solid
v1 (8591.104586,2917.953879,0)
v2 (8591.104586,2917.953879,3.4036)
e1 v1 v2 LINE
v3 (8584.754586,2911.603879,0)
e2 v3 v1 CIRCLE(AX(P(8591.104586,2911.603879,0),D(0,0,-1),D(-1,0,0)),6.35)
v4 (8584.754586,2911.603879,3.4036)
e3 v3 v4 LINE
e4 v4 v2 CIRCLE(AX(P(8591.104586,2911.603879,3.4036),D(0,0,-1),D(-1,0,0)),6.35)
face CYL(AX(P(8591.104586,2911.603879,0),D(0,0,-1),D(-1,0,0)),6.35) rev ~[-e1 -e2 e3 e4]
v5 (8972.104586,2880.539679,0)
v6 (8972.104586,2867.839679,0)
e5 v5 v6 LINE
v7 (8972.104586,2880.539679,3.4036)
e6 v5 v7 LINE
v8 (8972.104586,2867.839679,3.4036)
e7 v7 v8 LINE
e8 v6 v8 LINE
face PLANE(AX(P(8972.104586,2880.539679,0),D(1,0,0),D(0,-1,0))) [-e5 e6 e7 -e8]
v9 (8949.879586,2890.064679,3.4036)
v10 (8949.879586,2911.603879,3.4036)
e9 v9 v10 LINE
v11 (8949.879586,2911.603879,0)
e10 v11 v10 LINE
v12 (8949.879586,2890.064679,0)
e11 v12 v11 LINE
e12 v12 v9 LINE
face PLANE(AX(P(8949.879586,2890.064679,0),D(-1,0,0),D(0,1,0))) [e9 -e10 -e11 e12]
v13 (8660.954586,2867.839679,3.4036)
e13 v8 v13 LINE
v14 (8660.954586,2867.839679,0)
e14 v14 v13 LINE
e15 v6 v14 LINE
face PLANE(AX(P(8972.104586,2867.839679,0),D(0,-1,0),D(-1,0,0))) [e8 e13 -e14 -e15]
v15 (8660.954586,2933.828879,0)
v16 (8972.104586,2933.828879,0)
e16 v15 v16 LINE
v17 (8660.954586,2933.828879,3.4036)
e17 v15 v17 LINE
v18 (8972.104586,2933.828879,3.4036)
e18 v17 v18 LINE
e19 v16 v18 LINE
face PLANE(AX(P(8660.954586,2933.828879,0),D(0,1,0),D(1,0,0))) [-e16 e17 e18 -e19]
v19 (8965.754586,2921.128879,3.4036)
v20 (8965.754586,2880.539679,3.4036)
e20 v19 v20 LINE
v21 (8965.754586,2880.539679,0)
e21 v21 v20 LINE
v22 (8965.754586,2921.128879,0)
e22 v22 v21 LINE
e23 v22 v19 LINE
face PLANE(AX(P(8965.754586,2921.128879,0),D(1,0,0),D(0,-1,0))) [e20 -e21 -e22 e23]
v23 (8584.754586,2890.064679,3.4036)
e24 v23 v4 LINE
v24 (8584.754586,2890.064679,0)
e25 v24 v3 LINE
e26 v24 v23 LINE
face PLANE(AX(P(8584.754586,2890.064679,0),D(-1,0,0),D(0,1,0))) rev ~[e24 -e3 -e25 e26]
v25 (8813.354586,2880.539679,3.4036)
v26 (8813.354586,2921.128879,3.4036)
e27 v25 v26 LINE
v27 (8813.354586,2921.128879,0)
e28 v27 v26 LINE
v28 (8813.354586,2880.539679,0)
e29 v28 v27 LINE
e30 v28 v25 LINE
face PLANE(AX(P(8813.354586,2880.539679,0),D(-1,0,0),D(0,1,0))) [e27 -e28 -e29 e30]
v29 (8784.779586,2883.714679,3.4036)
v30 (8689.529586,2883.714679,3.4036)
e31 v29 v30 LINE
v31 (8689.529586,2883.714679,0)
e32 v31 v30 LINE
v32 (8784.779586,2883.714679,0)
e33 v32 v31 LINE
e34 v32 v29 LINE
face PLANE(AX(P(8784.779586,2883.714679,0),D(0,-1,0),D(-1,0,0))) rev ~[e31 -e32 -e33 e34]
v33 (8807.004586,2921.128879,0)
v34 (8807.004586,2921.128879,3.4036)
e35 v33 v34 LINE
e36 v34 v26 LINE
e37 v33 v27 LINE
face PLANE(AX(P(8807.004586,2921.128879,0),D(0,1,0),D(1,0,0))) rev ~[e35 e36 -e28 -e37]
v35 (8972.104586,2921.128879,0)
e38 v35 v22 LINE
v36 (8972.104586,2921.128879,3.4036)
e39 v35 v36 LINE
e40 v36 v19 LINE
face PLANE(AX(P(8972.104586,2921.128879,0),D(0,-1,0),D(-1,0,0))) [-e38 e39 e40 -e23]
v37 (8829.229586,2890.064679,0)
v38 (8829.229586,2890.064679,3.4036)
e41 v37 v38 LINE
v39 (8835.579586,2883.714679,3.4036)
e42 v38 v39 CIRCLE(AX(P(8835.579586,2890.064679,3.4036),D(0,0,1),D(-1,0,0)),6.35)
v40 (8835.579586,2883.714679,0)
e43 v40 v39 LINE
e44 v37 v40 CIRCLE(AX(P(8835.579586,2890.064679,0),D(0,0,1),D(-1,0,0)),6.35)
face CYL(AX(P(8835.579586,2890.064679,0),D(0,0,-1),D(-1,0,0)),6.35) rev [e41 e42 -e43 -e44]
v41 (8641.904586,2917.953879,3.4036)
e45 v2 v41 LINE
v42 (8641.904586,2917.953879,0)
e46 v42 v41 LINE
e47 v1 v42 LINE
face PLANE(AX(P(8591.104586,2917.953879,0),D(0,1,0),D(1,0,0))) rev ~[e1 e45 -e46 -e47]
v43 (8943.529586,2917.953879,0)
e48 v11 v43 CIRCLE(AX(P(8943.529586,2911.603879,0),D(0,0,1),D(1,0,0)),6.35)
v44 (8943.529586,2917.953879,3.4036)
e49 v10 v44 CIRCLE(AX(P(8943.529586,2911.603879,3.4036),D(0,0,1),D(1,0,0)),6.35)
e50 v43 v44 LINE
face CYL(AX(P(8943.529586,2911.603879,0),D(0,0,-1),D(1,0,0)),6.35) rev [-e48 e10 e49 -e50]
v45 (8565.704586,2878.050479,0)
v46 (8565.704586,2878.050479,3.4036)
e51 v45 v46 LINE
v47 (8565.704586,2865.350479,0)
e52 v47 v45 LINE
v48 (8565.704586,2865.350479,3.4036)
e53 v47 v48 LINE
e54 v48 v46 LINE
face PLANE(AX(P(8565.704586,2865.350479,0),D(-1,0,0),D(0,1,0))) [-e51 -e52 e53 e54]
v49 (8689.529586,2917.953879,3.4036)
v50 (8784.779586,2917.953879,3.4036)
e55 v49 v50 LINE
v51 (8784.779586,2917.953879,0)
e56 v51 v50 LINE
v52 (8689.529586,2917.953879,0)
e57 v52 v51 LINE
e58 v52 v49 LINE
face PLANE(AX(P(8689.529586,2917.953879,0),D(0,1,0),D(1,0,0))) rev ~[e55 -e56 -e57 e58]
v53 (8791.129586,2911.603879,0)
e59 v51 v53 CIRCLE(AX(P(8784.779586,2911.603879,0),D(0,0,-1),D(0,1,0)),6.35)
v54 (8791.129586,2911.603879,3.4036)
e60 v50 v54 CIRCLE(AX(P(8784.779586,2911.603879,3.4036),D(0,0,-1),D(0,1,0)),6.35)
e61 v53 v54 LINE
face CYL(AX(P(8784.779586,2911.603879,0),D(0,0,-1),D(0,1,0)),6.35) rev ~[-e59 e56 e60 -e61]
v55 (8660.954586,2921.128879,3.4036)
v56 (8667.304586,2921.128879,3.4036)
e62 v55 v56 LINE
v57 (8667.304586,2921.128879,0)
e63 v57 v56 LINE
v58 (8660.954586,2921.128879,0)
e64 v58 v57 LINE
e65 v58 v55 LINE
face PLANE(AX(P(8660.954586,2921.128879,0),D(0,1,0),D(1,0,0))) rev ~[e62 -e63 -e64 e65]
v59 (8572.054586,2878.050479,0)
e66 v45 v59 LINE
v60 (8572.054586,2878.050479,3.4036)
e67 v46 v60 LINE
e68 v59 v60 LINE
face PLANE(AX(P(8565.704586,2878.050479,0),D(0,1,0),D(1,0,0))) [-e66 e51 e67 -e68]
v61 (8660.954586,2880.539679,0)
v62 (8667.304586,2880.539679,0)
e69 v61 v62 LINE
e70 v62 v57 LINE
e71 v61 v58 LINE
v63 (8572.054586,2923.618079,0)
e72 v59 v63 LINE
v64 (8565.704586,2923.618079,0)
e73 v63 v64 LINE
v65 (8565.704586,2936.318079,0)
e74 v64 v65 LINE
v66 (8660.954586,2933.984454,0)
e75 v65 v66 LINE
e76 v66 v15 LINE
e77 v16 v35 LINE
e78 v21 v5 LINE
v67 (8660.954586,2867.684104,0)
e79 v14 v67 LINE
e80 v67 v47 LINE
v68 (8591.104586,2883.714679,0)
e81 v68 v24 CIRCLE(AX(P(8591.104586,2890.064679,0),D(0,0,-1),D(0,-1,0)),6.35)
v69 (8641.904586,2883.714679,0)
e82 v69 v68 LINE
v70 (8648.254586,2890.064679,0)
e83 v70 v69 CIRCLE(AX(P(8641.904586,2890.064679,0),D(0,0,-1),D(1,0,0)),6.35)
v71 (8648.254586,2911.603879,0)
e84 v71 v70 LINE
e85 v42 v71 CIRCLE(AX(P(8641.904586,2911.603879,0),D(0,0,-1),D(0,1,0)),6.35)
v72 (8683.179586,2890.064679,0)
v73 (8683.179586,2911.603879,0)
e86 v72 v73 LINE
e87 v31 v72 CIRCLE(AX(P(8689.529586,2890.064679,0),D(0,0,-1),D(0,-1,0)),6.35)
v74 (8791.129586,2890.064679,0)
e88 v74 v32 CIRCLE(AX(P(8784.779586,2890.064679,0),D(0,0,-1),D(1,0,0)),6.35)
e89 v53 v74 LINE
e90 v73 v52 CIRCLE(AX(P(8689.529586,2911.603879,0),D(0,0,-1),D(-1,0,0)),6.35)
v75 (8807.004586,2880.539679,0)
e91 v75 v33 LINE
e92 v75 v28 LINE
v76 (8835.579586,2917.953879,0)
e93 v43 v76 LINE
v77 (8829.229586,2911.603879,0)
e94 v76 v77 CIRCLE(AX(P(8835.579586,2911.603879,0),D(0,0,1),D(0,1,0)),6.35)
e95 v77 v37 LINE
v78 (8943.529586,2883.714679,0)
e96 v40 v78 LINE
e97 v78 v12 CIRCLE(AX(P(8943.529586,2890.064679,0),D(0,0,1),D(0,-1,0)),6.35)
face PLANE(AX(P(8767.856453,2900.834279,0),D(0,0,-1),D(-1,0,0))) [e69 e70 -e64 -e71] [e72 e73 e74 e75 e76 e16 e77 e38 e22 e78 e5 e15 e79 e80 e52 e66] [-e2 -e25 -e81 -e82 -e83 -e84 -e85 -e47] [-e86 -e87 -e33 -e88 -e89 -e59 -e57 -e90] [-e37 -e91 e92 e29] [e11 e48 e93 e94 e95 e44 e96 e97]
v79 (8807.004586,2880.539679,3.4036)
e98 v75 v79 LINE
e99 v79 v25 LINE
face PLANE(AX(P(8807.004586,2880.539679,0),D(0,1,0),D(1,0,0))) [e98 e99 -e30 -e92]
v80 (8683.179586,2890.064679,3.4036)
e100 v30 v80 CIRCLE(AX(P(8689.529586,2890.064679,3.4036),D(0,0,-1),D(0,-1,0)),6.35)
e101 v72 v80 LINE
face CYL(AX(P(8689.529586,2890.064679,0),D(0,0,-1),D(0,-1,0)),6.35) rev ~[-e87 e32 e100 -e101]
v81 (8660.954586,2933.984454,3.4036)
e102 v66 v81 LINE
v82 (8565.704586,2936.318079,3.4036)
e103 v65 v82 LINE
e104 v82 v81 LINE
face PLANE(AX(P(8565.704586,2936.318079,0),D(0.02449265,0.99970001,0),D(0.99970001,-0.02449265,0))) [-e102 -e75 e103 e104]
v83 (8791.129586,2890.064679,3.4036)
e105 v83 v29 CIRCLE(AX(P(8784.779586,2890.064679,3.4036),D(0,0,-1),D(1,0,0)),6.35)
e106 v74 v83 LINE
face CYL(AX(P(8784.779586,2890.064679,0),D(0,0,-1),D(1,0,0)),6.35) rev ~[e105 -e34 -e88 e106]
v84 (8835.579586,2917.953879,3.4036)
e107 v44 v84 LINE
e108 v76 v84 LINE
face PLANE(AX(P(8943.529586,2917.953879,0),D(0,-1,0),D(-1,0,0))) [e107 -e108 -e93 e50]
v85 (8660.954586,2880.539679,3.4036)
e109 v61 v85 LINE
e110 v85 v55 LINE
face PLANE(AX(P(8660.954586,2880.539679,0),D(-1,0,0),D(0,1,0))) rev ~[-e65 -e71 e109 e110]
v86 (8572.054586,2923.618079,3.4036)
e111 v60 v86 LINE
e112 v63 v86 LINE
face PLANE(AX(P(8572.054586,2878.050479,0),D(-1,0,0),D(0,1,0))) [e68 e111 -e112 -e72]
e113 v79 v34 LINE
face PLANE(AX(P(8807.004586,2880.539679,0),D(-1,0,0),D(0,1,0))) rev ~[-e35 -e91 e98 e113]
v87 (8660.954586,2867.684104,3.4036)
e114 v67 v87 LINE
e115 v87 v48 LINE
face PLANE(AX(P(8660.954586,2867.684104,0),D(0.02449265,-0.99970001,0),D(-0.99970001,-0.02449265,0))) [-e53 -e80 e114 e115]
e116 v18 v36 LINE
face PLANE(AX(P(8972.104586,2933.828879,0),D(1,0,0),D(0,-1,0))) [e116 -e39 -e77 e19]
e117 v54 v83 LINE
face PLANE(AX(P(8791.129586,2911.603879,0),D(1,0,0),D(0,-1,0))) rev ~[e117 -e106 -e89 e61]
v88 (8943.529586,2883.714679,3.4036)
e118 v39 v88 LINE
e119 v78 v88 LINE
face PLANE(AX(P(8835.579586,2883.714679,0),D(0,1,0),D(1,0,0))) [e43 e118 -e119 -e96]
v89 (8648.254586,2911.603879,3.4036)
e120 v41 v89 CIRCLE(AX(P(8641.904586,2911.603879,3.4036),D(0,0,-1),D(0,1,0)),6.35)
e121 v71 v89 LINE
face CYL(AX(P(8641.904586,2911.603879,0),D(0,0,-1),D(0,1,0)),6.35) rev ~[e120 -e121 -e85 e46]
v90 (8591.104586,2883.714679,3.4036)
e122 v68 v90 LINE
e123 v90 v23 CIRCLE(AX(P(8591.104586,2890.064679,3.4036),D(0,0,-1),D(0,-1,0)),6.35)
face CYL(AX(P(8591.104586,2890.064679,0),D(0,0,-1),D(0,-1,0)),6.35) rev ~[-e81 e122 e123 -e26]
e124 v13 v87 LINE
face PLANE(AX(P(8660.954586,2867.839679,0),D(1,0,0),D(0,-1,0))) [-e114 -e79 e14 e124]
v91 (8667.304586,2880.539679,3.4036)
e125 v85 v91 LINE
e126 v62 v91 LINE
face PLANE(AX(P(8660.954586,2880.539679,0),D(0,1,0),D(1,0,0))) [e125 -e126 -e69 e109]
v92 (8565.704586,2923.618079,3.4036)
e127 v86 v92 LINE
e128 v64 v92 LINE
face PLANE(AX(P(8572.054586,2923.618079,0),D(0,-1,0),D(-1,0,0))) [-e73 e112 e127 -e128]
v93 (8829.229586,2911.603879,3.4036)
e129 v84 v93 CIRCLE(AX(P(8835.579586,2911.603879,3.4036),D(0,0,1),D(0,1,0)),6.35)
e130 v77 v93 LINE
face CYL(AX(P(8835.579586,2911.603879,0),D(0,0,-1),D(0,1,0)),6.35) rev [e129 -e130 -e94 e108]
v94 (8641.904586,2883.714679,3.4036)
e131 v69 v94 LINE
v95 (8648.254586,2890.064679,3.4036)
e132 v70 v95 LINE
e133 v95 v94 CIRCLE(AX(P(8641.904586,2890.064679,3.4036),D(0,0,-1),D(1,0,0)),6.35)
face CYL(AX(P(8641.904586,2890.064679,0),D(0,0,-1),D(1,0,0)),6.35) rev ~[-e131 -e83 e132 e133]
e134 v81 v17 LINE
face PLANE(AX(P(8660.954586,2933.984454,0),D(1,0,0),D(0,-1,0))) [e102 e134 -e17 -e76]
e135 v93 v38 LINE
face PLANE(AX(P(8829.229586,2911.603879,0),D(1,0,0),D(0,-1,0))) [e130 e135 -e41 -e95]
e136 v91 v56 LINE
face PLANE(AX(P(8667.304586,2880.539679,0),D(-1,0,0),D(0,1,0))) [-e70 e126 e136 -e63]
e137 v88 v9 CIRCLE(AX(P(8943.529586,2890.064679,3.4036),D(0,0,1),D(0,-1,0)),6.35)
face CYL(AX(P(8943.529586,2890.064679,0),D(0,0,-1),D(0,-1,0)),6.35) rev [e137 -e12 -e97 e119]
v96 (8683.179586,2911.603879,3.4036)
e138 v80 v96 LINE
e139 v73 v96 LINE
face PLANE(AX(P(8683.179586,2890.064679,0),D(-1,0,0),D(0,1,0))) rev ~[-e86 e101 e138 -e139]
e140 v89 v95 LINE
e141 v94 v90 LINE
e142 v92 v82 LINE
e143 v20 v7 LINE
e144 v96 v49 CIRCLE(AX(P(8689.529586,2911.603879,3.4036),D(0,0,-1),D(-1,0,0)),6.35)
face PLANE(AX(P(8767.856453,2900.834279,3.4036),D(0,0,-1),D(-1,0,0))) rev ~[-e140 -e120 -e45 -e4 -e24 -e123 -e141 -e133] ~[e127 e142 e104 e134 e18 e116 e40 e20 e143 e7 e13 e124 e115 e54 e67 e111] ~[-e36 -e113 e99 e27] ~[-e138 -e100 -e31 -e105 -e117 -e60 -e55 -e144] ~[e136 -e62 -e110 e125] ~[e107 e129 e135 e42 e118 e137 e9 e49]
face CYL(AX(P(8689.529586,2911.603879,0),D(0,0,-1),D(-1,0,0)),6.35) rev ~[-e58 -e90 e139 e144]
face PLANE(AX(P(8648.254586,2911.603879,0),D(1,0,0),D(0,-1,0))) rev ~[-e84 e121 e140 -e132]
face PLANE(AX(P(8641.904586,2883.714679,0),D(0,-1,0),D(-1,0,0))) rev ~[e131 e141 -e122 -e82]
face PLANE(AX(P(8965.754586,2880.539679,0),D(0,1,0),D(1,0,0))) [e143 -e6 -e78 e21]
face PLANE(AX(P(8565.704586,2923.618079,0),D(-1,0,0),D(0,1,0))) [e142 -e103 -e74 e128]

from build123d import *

# Parameters (mm, degrees)
SKETCH1_W           = 6.35
SKETCH1_H           = 40.5892
BOSS_EXTRUDE1_DEPTH = 3.4036


with BuildPart() as part:
    # Sketch1 → Boss-Extrude1 (new body)
    with BuildSketch(Plane.XY):
        Polygon((8565.704586486, 2936.318079168), (8660.954586486, 2933.984454168), (8660.954586486, 2933.828879168), (8972.104586486, 2933.828879168), (8972.104586486, 2921.128879168), (8965.754586486, 2921.128879168), (8965.754586486, 2880.539679168), (8972.104586486, 2880.539679168), (8972.104586486, 2867.839679168), (8660.954586486, 2867.839679168), (8660.954586486, 2867.684104168), (8565.704586486, 2865.350479168), (8565.704586486, 2878.050479168), (8572.054586486, 2878.050479168), (8572.054586486, 2923.618079168), (8565.704586486, 2923.618079168), align=None)
        with Locations((8664.129586486, 2900.834279168)):
            Rectangle(SKETCH1_W, SKETCH1_H, mode=Mode.SUBTRACT)
        with BuildLine():
            Line((8683.179586486, 2890.064679168), (8683.179586486, 2911.603879168))
            ThreePointArc((8683.179586486, 2911.603879168), (8685.039458425, 2916.094007229), (8689.529586486, 2917.953879168))
            Line((8689.529586486, 2917.953879168), (8784.779586486, 2917.953879168))
            ThreePointArc((8784.779586486, 2917.953879168), (8789.269714547, 2916.094007229), (8791.129586486, 2911.603879168))
            Line((8791.129586486, 2911.603879168), (8791.129586486, 2890.064679168))
            ThreePointArc((8791.129586486, 2890.064679168), (8789.269714547, 2885.574551108), (8784.779586486, 2883.714679168))
            Line((8784.779586486, 2883.714679168), (8689.529586486, 2883.714679168))
            ThreePointArc((8689.529586486, 2883.714679168), (8685.039458425, 2885.574551108), (8683.179586486, 2890.064679168))
        make_face(mode=Mode.SUBTRACT)
        with BuildLine():
            Line((8648.254586486, 2911.603879168), (8648.254586486, 2890.064679168))
            ThreePointArc((8648.254586486, 2890.064679168), (8646.394714547, 2885.574551108), (8641.904586486, 2883.714679168))
            Line((8641.904586486, 2883.714679168), (8591.104586486, 2883.714679168))
            ThreePointArc((8591.104586486, 2883.714679168), (8586.614458425, 2885.574551108), (8584.754586486, 2890.064679168))
            Line((8584.754586486, 2890.064679168), (8584.754586486, 2911.603879168))
            ThreePointArc((8584.754586486, 2911.603879168), (8586.614458425, 2916.094007229), (8591.104586486, 2917.953879168))
            Line((8591.104586486, 2917.953879168), (8641.904586486, 2917.953879168))
            ThreePointArc((8641.904586486, 2917.953879168), (8646.394714547, 2916.094007229), (8648.254586486, 2911.603879168))
        make_face(mode=Mode.SUBTRACT)
        with BuildLine():
            Line((8943.529586486, 2917.953879168), (8835.579586486, 2917.953879168))
            ThreePointArc((8835.579586486, 2917.953879168), (8831.089458425, 2916.094007229), (8829.229586486, 2911.603879168))
            Line((8829.229586486, 2911.603879168), (8829.229586486, 2890.064679168))
            ThreePointArc((8829.229586486, 2890.064679168), (8831.089458425, 2885.574551108), (8835.579586486, 2883.714679168))
            Line((8835.579586486, 2883.714679168), (8943.529586486, 2883.714679168))
            ThreePointArc((8943.529586486, 2883.714679168), (8948.019714547, 2885.574551108), (8949.879586486, 2890.064679168))
            Line((8949.879586486, 2890.064679168), (8949.879586486, 2911.603879168))
            ThreePointArc((8949.879586486, 2911.603879168), (8948.019714547, 2916.094007229), (8943.529586486, 2917.953879168))
        make_face(mode=Mode.SUBTRACT)
        with Locations((8810.179586486, 2900.834279168)):
            Rectangle(SKETCH1_W, SKETCH1_H, mode=Mode.SUBTRACT)
    extrude(amount=BOSS_EXTRUDE1_DEPTH)


solid = part.part
